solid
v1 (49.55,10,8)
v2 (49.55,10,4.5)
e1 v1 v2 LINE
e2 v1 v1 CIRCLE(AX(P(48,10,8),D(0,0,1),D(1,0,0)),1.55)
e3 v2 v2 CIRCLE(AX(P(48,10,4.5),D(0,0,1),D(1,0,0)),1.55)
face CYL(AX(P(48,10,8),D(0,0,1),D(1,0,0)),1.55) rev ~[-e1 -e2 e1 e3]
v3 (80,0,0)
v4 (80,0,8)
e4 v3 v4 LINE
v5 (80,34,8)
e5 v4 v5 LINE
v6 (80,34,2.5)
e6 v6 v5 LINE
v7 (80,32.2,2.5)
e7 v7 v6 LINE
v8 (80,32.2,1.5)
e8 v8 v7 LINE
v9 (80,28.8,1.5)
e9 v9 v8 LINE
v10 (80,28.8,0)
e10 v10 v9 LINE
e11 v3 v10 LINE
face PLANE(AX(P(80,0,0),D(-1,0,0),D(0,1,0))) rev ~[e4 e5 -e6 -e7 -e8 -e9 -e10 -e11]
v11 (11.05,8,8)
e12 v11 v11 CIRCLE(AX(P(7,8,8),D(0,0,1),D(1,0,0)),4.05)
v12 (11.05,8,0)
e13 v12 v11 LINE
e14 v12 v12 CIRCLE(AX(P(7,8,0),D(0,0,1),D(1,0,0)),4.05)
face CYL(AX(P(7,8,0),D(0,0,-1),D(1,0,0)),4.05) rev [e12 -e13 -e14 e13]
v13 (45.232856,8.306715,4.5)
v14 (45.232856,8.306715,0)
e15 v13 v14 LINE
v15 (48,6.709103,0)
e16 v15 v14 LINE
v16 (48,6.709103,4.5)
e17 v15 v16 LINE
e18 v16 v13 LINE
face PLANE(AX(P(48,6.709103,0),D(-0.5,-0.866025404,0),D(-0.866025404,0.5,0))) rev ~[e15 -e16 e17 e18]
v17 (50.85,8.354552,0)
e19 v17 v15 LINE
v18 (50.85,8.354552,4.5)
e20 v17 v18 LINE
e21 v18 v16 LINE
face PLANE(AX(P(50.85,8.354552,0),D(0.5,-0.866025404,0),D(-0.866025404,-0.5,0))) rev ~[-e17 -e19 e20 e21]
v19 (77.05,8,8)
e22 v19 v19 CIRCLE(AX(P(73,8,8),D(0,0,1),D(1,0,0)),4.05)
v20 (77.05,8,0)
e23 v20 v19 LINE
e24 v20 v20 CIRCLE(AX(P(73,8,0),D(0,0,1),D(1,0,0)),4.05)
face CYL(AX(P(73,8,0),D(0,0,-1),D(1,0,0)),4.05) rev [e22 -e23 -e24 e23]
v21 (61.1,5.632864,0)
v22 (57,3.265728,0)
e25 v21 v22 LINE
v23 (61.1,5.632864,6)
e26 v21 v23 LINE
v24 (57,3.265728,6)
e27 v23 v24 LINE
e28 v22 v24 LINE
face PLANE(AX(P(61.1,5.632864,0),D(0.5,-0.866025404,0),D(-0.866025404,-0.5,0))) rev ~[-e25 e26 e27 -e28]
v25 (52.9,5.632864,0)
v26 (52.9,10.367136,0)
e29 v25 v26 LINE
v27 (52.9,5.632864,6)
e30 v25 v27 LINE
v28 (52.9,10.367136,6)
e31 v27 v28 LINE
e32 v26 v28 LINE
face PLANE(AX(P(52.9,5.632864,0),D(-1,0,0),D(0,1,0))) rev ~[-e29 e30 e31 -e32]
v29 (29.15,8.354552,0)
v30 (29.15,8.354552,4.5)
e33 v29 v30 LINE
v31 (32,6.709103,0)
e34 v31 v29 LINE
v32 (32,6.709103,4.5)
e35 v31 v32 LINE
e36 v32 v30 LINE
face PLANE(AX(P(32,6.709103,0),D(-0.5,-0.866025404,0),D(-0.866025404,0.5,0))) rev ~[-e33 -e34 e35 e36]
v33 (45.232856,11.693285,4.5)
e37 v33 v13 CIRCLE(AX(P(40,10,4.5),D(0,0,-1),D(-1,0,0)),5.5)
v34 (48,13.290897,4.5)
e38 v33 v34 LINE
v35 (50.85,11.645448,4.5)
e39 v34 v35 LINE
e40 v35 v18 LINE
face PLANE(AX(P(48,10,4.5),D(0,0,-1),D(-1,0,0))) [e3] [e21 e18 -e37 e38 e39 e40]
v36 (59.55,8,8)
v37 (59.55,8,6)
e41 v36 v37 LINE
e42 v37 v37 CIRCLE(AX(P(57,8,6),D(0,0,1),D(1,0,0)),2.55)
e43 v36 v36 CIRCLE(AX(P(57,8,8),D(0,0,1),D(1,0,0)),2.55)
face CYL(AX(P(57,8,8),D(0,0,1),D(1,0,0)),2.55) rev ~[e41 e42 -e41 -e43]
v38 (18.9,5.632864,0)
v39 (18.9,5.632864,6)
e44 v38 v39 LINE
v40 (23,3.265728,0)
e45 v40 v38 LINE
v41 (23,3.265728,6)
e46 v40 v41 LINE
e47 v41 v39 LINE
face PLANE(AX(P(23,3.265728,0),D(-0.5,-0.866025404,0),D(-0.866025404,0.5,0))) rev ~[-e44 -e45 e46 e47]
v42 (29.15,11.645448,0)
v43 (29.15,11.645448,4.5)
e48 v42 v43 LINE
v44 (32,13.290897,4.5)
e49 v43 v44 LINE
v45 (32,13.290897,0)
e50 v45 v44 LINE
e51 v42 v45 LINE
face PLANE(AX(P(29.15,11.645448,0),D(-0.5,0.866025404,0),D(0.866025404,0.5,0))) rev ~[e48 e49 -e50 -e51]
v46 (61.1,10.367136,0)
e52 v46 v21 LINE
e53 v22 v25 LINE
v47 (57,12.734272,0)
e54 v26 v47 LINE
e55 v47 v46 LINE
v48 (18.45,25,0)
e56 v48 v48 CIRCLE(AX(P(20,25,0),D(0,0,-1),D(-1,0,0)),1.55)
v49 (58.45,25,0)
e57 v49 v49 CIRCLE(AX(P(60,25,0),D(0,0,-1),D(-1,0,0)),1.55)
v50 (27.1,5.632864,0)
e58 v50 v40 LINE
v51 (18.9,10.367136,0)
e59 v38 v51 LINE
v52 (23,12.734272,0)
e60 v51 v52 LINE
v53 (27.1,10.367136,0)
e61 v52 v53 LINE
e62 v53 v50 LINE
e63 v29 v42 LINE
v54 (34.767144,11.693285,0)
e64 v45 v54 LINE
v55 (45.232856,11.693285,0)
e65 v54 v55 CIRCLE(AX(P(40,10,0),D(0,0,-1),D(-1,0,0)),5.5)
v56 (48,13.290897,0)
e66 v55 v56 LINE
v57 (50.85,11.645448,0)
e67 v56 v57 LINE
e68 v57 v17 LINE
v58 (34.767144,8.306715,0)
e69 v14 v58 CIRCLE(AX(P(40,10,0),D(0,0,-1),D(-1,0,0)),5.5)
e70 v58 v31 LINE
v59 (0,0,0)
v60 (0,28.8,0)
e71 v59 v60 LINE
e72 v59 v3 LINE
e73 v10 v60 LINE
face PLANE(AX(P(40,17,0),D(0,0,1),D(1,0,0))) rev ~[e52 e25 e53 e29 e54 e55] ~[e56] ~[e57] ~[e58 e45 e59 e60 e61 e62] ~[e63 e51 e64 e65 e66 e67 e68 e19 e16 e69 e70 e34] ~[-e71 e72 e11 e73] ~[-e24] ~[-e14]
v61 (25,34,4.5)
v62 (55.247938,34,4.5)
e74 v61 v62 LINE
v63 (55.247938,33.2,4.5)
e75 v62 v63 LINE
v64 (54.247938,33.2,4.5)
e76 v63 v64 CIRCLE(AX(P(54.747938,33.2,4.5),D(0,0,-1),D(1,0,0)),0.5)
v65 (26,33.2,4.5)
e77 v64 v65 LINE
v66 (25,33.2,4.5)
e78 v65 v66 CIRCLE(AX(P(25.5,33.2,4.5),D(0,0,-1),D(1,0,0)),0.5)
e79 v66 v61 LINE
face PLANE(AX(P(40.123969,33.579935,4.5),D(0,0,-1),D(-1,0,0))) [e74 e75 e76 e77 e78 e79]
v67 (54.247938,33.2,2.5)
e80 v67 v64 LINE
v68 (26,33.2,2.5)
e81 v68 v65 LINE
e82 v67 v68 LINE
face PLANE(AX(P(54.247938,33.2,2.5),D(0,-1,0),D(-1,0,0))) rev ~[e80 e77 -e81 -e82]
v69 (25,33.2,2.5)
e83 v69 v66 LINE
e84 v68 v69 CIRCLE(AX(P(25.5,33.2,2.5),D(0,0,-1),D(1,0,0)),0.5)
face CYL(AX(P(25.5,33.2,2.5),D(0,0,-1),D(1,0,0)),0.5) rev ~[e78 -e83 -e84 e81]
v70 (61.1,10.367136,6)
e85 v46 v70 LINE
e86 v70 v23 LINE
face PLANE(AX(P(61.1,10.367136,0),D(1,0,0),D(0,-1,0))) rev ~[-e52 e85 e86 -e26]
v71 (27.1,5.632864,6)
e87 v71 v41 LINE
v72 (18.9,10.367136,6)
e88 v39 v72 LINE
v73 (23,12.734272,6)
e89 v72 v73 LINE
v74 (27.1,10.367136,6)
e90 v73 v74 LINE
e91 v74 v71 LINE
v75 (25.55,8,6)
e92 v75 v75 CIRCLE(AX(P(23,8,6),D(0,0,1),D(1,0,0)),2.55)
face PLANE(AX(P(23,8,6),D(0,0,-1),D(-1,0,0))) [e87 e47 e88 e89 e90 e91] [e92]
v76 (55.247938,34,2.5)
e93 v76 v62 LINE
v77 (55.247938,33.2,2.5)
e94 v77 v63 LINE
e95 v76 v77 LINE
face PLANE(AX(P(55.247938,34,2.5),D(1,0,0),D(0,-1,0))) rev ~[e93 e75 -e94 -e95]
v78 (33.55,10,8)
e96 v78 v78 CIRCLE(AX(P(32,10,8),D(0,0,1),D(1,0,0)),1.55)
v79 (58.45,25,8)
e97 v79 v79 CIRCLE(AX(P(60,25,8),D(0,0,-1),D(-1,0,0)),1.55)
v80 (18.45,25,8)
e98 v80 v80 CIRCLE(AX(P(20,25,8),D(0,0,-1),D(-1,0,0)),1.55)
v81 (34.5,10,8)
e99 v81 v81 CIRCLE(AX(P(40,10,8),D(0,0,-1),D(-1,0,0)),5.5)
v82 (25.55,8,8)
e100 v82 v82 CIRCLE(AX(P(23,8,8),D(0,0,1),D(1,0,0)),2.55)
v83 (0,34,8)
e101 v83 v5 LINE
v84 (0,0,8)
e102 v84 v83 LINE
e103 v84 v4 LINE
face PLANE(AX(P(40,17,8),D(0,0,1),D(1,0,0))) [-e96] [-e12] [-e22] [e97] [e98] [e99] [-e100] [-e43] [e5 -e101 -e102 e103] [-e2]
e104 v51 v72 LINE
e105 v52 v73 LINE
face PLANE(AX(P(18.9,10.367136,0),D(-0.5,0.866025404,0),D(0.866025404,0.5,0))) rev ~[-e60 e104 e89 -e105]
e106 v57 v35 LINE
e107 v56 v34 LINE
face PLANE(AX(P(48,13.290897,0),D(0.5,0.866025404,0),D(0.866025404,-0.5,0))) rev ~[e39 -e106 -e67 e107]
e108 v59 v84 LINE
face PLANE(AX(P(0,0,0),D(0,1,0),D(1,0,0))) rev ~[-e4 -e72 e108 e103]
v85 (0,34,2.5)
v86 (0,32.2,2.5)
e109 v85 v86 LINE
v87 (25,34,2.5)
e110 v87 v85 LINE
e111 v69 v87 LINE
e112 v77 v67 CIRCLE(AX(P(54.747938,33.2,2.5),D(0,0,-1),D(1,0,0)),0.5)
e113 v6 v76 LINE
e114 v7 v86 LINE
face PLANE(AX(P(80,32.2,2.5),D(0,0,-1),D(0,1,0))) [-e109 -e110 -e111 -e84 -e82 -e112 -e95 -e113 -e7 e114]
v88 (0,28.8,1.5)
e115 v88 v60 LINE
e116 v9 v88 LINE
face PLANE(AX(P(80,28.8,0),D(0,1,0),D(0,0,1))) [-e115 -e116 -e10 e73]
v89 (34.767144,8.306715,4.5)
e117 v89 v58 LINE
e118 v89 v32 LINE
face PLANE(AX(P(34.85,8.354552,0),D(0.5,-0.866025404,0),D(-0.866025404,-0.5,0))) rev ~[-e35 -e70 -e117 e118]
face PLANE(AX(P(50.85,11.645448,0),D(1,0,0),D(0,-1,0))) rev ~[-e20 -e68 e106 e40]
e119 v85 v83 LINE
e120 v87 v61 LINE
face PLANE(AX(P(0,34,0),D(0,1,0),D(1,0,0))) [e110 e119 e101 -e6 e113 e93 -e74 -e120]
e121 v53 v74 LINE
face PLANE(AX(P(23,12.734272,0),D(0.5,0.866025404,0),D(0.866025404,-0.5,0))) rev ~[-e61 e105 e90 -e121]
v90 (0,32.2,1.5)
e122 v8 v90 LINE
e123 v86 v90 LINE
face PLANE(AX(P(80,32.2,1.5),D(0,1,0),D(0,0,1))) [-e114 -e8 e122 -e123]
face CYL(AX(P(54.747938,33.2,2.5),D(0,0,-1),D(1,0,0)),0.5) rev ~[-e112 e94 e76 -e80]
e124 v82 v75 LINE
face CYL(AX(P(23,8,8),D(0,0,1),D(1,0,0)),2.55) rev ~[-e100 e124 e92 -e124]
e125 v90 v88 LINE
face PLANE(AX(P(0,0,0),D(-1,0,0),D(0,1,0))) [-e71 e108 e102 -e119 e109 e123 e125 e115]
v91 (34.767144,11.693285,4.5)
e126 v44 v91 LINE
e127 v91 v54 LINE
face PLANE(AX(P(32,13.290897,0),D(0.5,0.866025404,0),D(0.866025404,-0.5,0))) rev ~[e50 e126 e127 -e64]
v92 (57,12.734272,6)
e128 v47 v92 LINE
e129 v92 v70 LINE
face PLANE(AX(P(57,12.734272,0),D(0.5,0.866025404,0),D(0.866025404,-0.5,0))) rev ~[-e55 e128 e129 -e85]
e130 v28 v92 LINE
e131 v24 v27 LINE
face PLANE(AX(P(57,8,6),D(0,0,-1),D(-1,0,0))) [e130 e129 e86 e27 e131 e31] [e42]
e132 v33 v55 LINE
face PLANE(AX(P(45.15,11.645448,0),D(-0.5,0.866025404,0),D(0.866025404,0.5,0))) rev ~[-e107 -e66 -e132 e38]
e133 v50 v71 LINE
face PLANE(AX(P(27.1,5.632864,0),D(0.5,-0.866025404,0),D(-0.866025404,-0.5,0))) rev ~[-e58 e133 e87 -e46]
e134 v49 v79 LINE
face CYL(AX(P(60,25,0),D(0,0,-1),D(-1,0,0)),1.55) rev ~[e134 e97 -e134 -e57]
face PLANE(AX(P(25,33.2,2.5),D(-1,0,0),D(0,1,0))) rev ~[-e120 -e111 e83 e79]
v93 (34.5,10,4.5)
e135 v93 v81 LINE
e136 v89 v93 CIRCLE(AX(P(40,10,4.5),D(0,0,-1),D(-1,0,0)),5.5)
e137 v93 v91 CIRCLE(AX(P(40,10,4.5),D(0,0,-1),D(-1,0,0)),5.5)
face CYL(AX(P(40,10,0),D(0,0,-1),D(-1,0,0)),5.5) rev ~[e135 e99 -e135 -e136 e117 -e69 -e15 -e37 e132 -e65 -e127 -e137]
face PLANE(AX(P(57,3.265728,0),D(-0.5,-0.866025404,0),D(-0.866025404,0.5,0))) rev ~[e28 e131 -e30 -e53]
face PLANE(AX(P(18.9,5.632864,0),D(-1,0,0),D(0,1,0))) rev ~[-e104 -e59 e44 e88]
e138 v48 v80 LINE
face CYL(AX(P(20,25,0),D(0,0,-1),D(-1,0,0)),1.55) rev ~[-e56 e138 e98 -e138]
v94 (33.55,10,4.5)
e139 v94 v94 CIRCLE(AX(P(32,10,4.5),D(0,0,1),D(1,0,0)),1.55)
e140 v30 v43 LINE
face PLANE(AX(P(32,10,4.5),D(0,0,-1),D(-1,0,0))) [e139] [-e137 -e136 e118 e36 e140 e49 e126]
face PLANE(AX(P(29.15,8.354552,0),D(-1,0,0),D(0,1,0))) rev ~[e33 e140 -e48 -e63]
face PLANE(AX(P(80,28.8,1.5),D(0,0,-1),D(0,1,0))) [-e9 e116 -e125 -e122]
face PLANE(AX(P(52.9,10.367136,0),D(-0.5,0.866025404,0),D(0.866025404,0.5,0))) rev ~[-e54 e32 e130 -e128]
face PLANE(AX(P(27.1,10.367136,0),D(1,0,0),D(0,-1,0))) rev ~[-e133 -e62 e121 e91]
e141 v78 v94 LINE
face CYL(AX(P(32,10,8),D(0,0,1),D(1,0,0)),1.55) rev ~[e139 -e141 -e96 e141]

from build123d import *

# Parameters (mm, degrees)
SKETCH_2_W           = 80
SKETCH_2_H           = 34
SKETCH_2_R           = 4.05
EXTRUDE_1_DEPTH      = 8
SKETCH_3_R           = 2.55
CUT_EXTRUDE_1_DEPTH  = 88.292611371
CUT_EXTRUDE_2_DEPTH  = 88.292611371
SKETCH_5_R           = 1.55
CUT_EXTRUDE_3_DEPTH  = 88.292611371
CUT_EXTRUDE_5_DEPTH  = 4.5
SKETCH_11_R          = 1.55
CUT_EXTRUDE_7_DEPTH  = 88.292611371
CUT_EXTRUDE_11_DEPTH = 2
CUT_EXTRUDE_13_DEPTH = 6
SKETCH_20_R          = 5.5
CUT_EXTRUDE_14_DEPTH = 88.292611371


with BuildPart() as part:
    # 草图2 → 凸台-拉伸1 (new body)
    with BuildSketch(Plane.XY):
        with Locations((40, 17)):
            Rectangle(SKETCH_2_W, SKETCH_2_H)
        with Locations((7, 8)):
            Circle(SKETCH_2_R, mode=Mode.SUBTRACT)
        with Locations((40, 10)):
            Circle(SKETCH_2_R, mode=Mode.SUBTRACT)
        with Locations((73, 8)):
            Circle(SKETCH_2_R, mode=Mode.SUBTRACT)
    extrude(amount=EXTRUDE_1_DEPTH)

    # 草图3 → 切除-拉伸1 (cut, through all)
    with BuildSketch(Plane.XY.offset(8)):
        with Locations((23, 8)):
            Circle(SKETCH_3_R)
        with Locations((57, 8)):
            Circle(SKETCH_3_R)
    extrude(amount=-CUT_EXTRUDE_1_DEPTH, mode=Mode.SUBTRACT)

    # 草图4 → 切除-拉伸2 (cut, through all)
    with BuildSketch(Plane(origin=(80, 0, 0), x_dir=(0, 0, -1), z_dir=(1, 0, 0))):
        Polygon((-1.5, 32.2), (-2.5, 32.2), (-2.5, 34), (0, 34), (0, 28.8), (-1.5, 28.8), align=None)
    extrude(amount=-CUT_EXTRUDE_2_DEPTH, mode=Mode.SUBTRACT)

    # 草图5 → 切除-拉伸3 (cut, through all)
    with BuildSketch(Plane.XY.offset(8)):
        with Locations((48, 10)):
            Circle(SKETCH_5_R)
        with Locations((32, 10)):
            Circle(SKETCH_5_R)
    extrude(amount=-CUT_EXTRUDE_3_DEPTH, mode=Mode.SUBTRACT)

    # 草图8 → 切除-拉伸5 (cut)
    with BuildSketch(Plane(origin=(0, 0, 0), x_dir=(-1, 0, 0), z_dir=(0, 0, -1))):
        Polygon((-45.15, 8.354551733), (-45.15, 11.645448267), (-48, 13.290896534), (-50.85, 11.645448267), (-50.85, 8.354551733), (-48, 6.709103466), align=None)
        Polygon((-29.15, 8.354551733), (-29.15, 11.645448267), (-32, 13.290896534), (-34.85, 11.645448267), (-34.85, 8.354551733), (-32, 6.709103466), align=None)
    extrude(amount=-CUT_EXTRUDE_5_DEPTH, mode=Mode.SUBTRACT)

    # 草图11 → 切除-拉伸7 (cut, through all)
    with BuildSketch(Plane(origin=(0, 0, 0), x_dir=(-1, 0, 0), z_dir=(0, 0, -1))):
        with Locations((-60, 25)):
            Circle(SKETCH_11_R)
        with Locations((-20, 25)):
            Circle(SKETCH_11_R)
    extrude(amount=-CUT_EXTRUDE_7_DEPTH, mode=Mode.SUBTRACT)

    # 草图19 → 切除-拉伸11 (cut)
    with BuildSketch(Plane(origin=(0, 0, 2.5), x_dir=(-1, 0, 0), z_dir=(0, 0, -1))):
        with BuildLine():
            Line((-25, 34), (-55.247938178, 34))
            Line((-55.247938178, 34), (-55.247938178, 33.2))
            ThreePointArc((-55.247938178, 33.2), (-54.747938178, 32.7), (-54.247938178, 33.2))
            Line((-54.247938178, 33.2), (-26, 33.2))
            ThreePointArc((-26, 33.2), (-25.5, 32.7), (-25, 33.2))
            Line((-25, 33.2), (-25, 34))
        make_face()
    extrude(amount=-CUT_EXTRUDE_11_DEPTH, mode=Mode.SUBTRACT)

    # 草图7 → 切除-拉伸13 (cut)
    with BuildSketch(Plane(origin=(0, 0, 0), x_dir=(-1, 0, 0), z_dir=(0, 0, -1))):
        Polygon((-52.9, 5.632863896), (-52.9, 10.367136104), (-57, 12.734272207), (-61.1, 10.367136104), (-61.1, 5.632863896), (-57, 3.265727793), align=None)
        Polygon((-18.9, 5.632863896), (-18.9, 10.367136104), (-23, 12.734272207), (-27.1, 10.367136104), (-27.1, 5.632863896), (-23, 3.265727793), align=None)
    extrude(amount=-CUT_EXTRUDE_13_DEPTH, mode=Mode.SUBTRACT)

    # 草图20 → 切除-拉伸14 (cut, through all)
    with BuildSketch(Plane(origin=(0, 0, 0), x_dir=(-1, 0, 0), z_dir=(0, 0, -1))):
        with Locations((-40, 10)):
            Circle(SKETCH_20_R)
    extrude(amount=-CUT_EXTRUDE_14_DEPTH, mode=Mode.SUBTRACT)


solid = part.part
